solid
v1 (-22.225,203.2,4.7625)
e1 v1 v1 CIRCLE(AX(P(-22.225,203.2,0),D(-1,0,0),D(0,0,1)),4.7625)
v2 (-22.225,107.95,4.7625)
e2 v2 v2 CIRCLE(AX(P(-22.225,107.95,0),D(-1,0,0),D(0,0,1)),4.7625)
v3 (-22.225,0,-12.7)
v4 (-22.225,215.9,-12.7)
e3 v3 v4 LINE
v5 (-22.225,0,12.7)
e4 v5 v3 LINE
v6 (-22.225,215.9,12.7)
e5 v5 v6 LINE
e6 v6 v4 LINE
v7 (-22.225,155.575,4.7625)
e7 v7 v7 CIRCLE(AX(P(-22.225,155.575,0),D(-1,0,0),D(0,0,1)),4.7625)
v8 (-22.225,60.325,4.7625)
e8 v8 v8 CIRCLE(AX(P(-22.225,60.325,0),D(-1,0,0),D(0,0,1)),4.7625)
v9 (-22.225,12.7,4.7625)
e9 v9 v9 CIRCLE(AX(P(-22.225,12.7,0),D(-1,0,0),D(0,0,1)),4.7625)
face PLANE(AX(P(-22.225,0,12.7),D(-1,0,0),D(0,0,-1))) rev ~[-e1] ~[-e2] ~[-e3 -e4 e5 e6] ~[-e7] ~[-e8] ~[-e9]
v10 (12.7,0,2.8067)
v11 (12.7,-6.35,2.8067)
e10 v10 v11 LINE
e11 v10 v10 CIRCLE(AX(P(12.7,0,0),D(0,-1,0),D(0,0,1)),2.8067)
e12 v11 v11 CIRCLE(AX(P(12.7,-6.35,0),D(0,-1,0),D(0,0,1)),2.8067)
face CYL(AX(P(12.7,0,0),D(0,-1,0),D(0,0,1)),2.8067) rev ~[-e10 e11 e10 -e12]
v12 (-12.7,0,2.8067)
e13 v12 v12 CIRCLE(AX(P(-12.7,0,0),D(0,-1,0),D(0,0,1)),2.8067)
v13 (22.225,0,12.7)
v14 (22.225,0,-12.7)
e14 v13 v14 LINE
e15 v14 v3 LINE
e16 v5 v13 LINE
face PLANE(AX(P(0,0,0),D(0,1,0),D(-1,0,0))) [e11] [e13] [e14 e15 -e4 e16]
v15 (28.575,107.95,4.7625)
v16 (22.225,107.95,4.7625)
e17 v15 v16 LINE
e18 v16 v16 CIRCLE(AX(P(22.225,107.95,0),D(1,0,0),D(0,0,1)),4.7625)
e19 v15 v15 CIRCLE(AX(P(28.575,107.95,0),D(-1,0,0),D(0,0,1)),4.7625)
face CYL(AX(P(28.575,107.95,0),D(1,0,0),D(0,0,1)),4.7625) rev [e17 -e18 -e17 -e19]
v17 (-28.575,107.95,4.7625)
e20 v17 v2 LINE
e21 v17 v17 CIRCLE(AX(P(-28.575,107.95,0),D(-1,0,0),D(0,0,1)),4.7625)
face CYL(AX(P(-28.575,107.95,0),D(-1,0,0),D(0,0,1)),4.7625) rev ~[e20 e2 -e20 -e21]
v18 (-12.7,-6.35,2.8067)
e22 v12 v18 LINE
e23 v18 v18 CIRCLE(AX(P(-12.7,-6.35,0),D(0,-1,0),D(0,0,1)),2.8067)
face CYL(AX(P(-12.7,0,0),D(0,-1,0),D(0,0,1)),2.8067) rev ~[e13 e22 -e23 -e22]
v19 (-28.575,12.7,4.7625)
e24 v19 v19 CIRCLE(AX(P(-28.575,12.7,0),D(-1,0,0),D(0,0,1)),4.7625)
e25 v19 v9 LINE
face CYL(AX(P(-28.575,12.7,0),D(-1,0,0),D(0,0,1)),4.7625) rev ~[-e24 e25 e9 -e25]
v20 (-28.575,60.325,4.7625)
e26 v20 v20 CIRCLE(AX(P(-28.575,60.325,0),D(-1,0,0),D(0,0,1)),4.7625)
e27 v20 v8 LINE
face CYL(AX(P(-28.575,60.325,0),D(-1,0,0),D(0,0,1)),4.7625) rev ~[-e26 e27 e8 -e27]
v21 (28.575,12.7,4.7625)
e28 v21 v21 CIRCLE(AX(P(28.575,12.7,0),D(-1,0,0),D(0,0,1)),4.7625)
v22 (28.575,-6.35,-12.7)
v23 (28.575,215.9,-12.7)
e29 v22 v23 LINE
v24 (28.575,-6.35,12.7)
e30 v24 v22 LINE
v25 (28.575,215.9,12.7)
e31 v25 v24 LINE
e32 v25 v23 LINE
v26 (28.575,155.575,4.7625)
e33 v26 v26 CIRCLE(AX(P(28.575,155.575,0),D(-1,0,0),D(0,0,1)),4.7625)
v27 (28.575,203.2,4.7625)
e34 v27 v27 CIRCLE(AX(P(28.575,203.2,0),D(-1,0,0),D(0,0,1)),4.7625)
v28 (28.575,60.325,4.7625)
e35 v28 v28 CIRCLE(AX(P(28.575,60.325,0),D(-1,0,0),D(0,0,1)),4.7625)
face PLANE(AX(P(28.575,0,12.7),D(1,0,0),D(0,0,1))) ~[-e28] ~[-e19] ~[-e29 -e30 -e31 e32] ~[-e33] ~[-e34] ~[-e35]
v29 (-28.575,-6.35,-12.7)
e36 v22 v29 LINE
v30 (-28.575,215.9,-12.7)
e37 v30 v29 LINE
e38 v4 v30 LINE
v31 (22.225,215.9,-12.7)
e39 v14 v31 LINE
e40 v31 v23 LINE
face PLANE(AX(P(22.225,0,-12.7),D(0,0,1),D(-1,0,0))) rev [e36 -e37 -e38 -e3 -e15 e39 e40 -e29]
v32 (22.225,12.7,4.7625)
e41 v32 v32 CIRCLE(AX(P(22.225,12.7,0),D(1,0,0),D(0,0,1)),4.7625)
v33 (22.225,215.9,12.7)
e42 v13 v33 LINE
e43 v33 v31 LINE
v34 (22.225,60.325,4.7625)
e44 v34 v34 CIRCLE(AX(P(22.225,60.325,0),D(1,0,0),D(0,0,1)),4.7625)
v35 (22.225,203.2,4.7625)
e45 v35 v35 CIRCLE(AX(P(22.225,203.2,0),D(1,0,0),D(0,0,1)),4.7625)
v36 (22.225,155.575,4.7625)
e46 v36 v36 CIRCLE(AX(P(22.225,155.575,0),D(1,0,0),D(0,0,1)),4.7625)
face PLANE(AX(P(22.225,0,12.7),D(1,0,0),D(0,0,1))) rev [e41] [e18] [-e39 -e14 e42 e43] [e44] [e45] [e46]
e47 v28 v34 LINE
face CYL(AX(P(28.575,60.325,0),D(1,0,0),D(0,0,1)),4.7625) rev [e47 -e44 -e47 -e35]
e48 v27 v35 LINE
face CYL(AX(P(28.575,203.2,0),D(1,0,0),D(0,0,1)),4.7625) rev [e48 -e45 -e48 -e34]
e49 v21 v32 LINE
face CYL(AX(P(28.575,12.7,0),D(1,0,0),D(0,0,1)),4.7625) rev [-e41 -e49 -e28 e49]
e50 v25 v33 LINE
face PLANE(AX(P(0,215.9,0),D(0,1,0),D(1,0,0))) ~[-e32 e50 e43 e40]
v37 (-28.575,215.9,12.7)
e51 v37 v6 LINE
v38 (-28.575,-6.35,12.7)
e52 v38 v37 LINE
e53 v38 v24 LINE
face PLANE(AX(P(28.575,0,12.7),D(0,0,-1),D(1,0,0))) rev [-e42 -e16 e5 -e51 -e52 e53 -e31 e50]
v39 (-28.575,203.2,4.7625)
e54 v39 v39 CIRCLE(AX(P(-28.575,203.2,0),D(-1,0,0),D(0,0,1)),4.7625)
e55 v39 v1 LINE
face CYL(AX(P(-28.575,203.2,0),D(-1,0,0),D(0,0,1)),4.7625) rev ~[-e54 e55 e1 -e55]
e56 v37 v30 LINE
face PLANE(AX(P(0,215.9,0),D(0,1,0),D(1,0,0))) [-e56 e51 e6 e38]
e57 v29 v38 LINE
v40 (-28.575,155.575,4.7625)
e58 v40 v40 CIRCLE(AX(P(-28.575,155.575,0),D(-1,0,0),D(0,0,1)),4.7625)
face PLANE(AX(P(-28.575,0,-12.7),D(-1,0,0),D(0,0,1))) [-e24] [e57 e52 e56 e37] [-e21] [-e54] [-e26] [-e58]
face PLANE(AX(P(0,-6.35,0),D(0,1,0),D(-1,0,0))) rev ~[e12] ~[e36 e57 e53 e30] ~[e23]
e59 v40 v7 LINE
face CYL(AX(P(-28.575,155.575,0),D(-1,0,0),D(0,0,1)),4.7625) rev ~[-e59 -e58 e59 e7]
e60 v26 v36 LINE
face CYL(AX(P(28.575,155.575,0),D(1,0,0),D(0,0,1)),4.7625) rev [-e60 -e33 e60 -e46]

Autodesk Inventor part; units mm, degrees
ref_plane "XZ Plane" through (0, 0, 0) normal (0, 1, 0) x (-1, 0, 0)
ref_plane "XY Plane" through (0, 0, 0) normal (0, 0, 1) x (1, 0, 0)
sketch "Sketch1" plane through (0, 0, 0) normal (0, 1, 0) x (-1, 0, 0)
  line L0 (28.575, 12.7) -> (-28.575, 12.7)
  line L1 (-28.575, 12.7) -> (-28.575, -12.7)
  line L2 (-28.575, -12.7) -> (28.575, -12.7)
  line L3 (28.575, -12.7) -> (28.575, 12.7)
  line L4 (28.575, 12.7) -> (-28.575, -12.7) construction
  line L5 (-28.575, 12.7) -> (28.575, -12.7) construction
  point P0 (0, 0)
  dimension "d0" = 57.15
  dimension "d1" = 25.4
extrude "Extrusion1" add sketch "Sketch1" against normal blind 6.35
sketch "Sketch2" plane through (0, 0, 0) normal (0, 1, 0) x (1, 0, 0)
  line L0 (-28.575, -12.7) -> (-28.575, 12.7) projected
  line L1 (-28.575, -12.7) -> (-22.225, -12.7)
  line L2 (-22.225, -12.7) -> (-22.225, 12.7)
  line L3 (-22.225, 12.7) -> (-28.575, 12.7)
  line L4 (-28.575, 12.7) -> (-28.575, -12.7)
  point P0 (0, 0)
  dimension "d4" = 6.35
extrude "Extrusion2" add sketch "Sketch2" along normal blind 215.9
sketch "Sketch5" plane through (-28.575, -6.35, -12.7) normal (-1, 0, 0) x (0, 0, 1)
  circle A0 centre (12.7, 19.05) radius 4.7625
  line L0 (0, 6.35) -> (25.4, 6.35) projected
  line L1 (12.7, 6.35) -> (12.7, 19.05) construction
  circle A1 centre (12.7, 66.675) radius 4.7625
  circle A2 centre (12.7, 114.3) radius 4.7625
  circle A3 centre (12.7, 161.925) radius 4.7625
  circle A4 centre (12.7, 209.55) radius 4.7625
  dimension "d33" = 9.525
  dimension "d34" = 12.7
  dimension "d37" = 47.625
extrude "Extrusion5" cut sketch "Sketch5" against normal through all
mirror "Mirror3" about plane through (0, 0, 0) normal (1, 0, 0) of "Extrusion2", "Extrusion5"
sketch "Sketch4" plane through (0, 0, 0) normal (0, 1, 0) x (1, 0, 0)
  point P0 (0, 0)
  point P1 (-12.7, 0)
  point P2 (12.7, 0)
  dimension "d24" = 12.7
  dimension "d25" = 12.7
hole "Hole1" at (-12.7, 0, 0) at (12.7, 0, 0) direction (0, -1, 0) diameter 5.6134 end through all clearance for "Hex Machine Screw" size "#10" standard "Ansi Unified Screw Threads"
properties part number "camPostHolderV03"
